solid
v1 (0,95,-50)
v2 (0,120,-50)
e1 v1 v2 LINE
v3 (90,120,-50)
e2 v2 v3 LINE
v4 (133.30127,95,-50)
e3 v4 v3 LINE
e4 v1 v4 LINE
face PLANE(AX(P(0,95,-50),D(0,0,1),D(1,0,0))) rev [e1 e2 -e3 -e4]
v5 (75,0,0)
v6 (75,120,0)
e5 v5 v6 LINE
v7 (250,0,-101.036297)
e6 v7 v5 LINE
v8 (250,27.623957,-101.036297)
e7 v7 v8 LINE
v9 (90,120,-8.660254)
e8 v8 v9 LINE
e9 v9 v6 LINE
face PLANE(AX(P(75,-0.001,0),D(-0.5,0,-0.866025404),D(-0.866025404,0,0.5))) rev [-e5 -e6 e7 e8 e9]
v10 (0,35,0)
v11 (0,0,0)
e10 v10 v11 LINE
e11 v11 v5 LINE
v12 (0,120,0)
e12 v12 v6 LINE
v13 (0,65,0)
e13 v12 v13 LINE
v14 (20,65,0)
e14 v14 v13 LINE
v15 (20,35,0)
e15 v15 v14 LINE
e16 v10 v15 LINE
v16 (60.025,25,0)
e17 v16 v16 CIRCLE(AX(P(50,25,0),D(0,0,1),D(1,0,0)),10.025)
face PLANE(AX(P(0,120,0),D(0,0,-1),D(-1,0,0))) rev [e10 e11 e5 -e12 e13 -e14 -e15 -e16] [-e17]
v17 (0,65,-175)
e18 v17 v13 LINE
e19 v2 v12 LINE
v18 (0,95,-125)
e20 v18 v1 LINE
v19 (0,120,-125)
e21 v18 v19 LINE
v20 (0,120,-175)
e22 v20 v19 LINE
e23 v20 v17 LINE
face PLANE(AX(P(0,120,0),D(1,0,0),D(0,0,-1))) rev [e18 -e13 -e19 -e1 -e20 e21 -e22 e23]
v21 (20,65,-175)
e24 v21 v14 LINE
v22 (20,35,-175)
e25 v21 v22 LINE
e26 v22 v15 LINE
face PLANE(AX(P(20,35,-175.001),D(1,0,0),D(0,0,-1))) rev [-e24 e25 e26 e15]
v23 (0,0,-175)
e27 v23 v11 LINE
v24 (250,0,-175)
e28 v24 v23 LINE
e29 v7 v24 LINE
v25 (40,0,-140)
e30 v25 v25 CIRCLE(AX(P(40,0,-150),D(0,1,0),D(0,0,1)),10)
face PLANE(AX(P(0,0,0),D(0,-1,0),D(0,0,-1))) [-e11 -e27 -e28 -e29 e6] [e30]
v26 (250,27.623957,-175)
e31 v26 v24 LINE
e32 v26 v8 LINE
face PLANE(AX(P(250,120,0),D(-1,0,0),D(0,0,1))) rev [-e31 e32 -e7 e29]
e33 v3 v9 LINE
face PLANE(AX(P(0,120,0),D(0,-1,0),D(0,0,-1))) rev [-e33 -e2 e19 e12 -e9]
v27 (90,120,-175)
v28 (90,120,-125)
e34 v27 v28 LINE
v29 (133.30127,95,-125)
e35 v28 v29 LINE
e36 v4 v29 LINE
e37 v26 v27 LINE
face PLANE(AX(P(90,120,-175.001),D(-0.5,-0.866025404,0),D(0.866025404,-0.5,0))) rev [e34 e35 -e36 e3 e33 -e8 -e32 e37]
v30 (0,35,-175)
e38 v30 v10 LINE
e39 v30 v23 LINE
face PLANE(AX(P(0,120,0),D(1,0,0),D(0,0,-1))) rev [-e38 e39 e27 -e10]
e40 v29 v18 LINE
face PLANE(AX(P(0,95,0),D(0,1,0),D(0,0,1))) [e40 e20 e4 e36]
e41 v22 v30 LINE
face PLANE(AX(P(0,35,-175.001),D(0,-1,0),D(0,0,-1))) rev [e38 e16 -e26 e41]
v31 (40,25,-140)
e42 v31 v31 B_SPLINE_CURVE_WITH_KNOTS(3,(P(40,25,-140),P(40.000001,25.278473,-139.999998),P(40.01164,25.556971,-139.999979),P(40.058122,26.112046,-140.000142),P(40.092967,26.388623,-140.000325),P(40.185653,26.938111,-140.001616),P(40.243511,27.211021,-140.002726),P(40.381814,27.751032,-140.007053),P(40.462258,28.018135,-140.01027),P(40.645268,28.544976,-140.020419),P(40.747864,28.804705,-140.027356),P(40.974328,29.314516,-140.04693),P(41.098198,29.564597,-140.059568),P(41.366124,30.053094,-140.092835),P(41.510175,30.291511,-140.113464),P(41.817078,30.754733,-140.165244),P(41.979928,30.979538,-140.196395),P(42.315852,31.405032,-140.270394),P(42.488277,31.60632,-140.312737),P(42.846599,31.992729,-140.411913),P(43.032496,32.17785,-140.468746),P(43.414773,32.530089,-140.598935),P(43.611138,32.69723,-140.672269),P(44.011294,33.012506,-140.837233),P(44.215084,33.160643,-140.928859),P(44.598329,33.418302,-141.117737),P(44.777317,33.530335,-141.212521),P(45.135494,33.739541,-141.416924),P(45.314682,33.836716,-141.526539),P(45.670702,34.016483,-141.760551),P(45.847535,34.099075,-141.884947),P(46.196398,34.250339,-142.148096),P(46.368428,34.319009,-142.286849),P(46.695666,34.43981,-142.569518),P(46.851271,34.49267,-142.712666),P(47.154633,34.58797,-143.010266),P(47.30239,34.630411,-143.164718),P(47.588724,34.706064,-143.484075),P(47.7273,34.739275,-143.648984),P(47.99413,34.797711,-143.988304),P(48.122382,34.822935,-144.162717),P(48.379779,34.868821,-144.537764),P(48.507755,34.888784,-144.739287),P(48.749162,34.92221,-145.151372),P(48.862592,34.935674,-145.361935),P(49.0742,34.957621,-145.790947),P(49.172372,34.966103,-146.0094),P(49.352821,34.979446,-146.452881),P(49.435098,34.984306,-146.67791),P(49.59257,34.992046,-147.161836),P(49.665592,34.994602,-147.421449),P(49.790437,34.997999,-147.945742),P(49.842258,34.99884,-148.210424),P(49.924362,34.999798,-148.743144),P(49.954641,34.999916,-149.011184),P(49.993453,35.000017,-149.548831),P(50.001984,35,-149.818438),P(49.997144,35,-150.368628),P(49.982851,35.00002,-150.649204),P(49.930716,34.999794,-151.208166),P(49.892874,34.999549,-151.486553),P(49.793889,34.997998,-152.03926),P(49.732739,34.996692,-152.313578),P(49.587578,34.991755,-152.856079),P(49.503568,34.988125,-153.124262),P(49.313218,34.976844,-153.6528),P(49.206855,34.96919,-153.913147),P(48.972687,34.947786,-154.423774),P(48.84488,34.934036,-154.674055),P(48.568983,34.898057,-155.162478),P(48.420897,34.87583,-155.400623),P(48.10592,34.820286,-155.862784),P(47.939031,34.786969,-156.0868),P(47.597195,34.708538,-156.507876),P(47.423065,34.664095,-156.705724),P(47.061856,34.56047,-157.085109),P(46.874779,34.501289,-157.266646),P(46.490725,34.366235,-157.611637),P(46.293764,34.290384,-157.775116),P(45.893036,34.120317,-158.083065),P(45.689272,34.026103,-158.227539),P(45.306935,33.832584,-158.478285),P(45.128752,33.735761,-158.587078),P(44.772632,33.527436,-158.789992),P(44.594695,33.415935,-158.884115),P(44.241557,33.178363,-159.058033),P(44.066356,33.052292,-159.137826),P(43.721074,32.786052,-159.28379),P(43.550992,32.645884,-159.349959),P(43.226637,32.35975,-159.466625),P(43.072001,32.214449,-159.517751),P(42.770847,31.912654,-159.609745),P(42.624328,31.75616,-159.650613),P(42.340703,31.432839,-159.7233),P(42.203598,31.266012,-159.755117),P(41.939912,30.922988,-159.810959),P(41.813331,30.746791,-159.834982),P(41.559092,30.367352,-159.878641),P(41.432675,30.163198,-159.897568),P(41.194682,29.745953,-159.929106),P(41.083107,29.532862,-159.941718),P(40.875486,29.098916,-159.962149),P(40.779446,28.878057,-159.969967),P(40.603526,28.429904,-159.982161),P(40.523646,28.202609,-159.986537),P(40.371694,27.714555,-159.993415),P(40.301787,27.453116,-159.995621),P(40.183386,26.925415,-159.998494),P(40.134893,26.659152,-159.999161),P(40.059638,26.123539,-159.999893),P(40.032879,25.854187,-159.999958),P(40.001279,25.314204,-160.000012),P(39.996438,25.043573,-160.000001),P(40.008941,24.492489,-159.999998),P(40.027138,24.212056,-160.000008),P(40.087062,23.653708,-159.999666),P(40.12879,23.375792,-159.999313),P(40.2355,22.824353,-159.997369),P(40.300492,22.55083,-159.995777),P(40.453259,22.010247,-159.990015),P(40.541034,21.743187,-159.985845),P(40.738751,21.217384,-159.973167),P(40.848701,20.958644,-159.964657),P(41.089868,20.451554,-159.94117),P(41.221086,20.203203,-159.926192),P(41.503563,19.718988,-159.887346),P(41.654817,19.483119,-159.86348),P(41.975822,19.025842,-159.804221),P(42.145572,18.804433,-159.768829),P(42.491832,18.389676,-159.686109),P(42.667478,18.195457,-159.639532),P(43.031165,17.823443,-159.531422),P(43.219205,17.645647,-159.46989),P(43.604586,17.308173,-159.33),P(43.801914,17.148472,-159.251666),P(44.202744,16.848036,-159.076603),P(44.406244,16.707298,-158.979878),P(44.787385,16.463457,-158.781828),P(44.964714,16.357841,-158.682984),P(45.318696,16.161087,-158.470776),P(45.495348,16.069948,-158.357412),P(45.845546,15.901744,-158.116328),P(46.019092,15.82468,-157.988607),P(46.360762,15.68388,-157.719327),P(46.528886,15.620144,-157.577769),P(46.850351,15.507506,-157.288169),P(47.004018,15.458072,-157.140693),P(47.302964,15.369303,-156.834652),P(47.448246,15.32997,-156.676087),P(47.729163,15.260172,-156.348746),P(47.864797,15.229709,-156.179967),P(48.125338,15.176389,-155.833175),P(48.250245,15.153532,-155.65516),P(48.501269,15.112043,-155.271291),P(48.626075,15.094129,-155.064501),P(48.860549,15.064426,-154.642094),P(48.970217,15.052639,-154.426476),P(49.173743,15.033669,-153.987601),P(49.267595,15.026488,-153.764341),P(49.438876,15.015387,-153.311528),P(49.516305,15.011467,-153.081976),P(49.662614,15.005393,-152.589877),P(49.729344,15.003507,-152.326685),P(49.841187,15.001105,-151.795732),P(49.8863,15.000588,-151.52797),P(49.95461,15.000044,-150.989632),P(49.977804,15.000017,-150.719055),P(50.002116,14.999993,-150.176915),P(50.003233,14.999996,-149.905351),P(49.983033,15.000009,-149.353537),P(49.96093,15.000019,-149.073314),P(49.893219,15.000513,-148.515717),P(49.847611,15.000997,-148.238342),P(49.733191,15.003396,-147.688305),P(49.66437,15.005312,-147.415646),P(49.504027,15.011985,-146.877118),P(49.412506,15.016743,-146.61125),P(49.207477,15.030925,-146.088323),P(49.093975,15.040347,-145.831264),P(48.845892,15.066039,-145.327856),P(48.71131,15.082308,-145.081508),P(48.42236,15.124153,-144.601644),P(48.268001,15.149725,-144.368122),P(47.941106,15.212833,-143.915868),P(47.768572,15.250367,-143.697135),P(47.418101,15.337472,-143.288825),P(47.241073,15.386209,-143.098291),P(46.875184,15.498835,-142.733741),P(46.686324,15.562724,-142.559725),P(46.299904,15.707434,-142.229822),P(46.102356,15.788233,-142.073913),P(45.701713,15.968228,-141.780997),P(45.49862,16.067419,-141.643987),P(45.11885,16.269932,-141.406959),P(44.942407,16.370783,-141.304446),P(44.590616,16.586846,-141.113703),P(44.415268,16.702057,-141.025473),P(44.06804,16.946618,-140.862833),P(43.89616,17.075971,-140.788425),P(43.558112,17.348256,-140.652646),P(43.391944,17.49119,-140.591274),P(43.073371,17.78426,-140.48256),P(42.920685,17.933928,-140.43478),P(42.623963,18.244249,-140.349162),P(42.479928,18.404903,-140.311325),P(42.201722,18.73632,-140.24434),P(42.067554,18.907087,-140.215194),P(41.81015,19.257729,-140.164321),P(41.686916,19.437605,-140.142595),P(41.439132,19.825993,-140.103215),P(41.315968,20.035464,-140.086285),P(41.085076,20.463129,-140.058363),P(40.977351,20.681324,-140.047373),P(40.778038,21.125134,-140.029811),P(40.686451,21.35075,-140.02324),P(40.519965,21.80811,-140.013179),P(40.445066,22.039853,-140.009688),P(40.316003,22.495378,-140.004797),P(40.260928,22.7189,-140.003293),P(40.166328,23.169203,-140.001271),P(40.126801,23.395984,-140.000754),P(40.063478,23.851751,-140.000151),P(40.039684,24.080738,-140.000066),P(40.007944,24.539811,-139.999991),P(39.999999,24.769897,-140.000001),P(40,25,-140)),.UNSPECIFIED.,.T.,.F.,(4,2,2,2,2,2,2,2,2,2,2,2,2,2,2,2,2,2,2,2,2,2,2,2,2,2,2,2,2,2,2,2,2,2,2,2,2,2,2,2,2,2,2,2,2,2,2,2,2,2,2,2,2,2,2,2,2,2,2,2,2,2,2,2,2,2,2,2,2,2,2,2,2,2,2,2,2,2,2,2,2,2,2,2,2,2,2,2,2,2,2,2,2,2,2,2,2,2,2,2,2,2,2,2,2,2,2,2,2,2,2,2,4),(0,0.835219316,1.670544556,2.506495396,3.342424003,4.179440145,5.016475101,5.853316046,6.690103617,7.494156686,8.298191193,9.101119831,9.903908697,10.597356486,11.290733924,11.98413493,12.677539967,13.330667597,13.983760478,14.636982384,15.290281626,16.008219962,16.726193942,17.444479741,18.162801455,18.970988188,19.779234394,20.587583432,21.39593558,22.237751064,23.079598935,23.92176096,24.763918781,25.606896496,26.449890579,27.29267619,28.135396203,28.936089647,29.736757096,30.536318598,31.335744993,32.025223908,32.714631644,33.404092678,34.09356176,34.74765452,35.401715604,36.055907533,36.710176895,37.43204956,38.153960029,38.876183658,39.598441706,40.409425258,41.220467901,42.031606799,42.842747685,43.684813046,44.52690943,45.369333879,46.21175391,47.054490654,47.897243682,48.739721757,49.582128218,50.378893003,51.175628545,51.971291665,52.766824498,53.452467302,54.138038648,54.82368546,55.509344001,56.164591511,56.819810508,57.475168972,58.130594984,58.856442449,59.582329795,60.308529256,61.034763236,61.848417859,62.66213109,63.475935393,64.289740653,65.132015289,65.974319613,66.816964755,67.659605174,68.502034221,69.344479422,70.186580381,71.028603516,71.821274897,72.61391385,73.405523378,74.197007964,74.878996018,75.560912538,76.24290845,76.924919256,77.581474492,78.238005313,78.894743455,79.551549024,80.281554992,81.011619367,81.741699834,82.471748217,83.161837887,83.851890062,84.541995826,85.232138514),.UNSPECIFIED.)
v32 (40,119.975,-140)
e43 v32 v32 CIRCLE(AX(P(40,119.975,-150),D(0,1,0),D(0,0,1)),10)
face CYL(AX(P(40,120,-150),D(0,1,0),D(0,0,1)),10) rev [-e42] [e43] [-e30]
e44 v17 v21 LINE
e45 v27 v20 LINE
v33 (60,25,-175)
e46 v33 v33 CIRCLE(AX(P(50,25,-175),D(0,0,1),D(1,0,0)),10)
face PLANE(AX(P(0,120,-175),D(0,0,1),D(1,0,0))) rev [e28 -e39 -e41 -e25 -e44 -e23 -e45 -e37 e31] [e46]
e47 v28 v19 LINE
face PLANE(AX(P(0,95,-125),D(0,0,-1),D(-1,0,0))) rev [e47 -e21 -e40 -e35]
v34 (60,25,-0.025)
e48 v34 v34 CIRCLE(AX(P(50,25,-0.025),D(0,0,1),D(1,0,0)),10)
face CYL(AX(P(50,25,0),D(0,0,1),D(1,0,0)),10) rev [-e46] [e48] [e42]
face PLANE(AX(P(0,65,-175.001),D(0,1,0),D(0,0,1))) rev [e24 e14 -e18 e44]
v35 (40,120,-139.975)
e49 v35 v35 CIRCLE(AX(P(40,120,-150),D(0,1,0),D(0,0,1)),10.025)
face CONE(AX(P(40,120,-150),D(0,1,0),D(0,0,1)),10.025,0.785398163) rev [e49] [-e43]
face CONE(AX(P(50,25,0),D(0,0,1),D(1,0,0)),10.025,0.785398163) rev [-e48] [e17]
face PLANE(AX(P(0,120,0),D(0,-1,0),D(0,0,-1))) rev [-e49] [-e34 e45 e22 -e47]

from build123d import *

# Parameters (mm, degrees)
SKETCH1_W                        = 250
SKETCH1_H                        = 175
BOSS_EXTRUDE1_DEPTH              = 120
SKETCH3_W                        = 250
SKETCH3_H                        = 75
CUT_EXTRUDE1_DEPTH               = 25
CUT_EXTRUDE2_REACH               = 329.91
SKETCH4_W                        = 20
SKETCH4_H                        = 30
F_20_0MM_DOWEL_HOLE1_D           = 20
F_20_0MM_DOWEL_HOLE1_CSINK_D     = 20.05
F_20_0MM_DOWEL_HOLE1_CSINK_ANGLE = 90
F_20_0MM_DOWEL_HOLE2_D           = 20
F_20_0MM_DOWEL_HOLE2_CSINK_D     = 20.05
F_20_0MM_DOWEL_HOLE2_CSINK_ANGLE = 90
CUT_EXTRUDE3_REACH               = 329.91
CUT_EXTRUDE4_REACH               = 329.91


with BuildPart() as part:
    # Sketch1 → Boss-Extrude1 (new body)
    with BuildSketch(Plane(origin=(0, 0, 0), x_dir=(1, 0, 0), z_dir=(0, 1, 0))):
        with Locations((125, 87.5)):
            Rectangle(SKETCH1_W, SKETCH1_H)
    extrude(amount=BOSS_EXTRUDE1_DEPTH)

    # Sketch3 → Cut-Extrude1 (cut)
    with BuildSketch(Plane(origin=(0, 120, 0), x_dir=(1, 0, 0), z_dir=(0, 1, 0))):
        with Locations((125, 87.5)):
            Rectangle(SKETCH3_W, SKETCH3_H)
    extrude(amount=-CUT_EXTRUDE1_DEPTH, mode=Mode.SUBTRACT)

    # Sketch4 → Cut-Extrude2 (cut, up to next)
    with BuildSketch(Plane.XY, mode=Mode.PRIVATE) as cut_extrude2_sk1:
        with Locations((10, 50)):
            Rectangle(SKETCH4_W, SKETCH4_H)
    cut_extrude2_tool1 = extrude(cut_extrude2_sk1.sketch, amount=-CUT_EXTRUDE2_REACH, mode=Mode.PRIVATE) & part.part
    add(cut_extrude2_tool1.solids().sort_by_distance((10, 50, 0))[0], mode=Mode.SUBTRACT)

    # Ø20.0mm Dowel Hole1 (through all)
    with Locations(Plane.XY):
        with Locations((50, 25)):
            CounterSinkHole(F_20_0MM_DOWEL_HOLE1_D / 2, F_20_0MM_DOWEL_HOLE1_CSINK_D / 2, counter_sink_angle=F_20_0MM_DOWEL_HOLE1_CSINK_ANGLE)

    # Ø20.0mm Dowel Hole2 (through all)
    with Locations(Plane(origin=(0, 120, 0), x_dir=(1, 0, 0), z_dir=(0, 1, 0))):
        with Locations((40, 150)):
            CounterSinkHole(F_20_0MM_DOWEL_HOLE2_D / 2, F_20_0MM_DOWEL_HOLE2_CSINK_D / 2, counter_sink_angle=F_20_0MM_DOWEL_HOLE2_CSINK_ANGLE)

    # Sketch11 → Cut-Extrude3 (cut, up to next)
    with BuildSketch(Plane.XY, mode=Mode.PRIVATE) as cut_extrude3_sk1:
        Polygon((90, 120), (250, 27.62395693), (250, 120), align=None)
    cut_extrude3_tool1 = extrude(cut_extrude3_sk1.sketch, amount=-CUT_EXTRUDE3_REACH, mode=Mode.PRIVATE) & part.part
    add(cut_extrude3_tool1.solids().sort_by_distance((196.666667, 89.207986, 0))[0], mode=Mode.SUBTRACT)

    # Sketch12 → Cut-Extrude4 (cut, up to next)
    with BuildSketch(Plane(origin=(0, 120, 0), x_dir=(1, 0, 0), z_dir=(0, 1, 0)), mode=Mode.PRIVATE) as cut_extrude4_sk1:
        Polygon((75, 0), (250, 101.036297108), (250, 0), align=None)
    cut_extrude4_tool1 = extrude(cut_extrude4_sk1.sketch, amount=-CUT_EXTRUDE4_REACH, mode=Mode.PRIVATE) & part.part
    add(cut_extrude4_tool1.solids().sort_by_distance((191.666667, 120, -33.678766))[0], mode=Mode.SUBTRACT)


solid = part.part
